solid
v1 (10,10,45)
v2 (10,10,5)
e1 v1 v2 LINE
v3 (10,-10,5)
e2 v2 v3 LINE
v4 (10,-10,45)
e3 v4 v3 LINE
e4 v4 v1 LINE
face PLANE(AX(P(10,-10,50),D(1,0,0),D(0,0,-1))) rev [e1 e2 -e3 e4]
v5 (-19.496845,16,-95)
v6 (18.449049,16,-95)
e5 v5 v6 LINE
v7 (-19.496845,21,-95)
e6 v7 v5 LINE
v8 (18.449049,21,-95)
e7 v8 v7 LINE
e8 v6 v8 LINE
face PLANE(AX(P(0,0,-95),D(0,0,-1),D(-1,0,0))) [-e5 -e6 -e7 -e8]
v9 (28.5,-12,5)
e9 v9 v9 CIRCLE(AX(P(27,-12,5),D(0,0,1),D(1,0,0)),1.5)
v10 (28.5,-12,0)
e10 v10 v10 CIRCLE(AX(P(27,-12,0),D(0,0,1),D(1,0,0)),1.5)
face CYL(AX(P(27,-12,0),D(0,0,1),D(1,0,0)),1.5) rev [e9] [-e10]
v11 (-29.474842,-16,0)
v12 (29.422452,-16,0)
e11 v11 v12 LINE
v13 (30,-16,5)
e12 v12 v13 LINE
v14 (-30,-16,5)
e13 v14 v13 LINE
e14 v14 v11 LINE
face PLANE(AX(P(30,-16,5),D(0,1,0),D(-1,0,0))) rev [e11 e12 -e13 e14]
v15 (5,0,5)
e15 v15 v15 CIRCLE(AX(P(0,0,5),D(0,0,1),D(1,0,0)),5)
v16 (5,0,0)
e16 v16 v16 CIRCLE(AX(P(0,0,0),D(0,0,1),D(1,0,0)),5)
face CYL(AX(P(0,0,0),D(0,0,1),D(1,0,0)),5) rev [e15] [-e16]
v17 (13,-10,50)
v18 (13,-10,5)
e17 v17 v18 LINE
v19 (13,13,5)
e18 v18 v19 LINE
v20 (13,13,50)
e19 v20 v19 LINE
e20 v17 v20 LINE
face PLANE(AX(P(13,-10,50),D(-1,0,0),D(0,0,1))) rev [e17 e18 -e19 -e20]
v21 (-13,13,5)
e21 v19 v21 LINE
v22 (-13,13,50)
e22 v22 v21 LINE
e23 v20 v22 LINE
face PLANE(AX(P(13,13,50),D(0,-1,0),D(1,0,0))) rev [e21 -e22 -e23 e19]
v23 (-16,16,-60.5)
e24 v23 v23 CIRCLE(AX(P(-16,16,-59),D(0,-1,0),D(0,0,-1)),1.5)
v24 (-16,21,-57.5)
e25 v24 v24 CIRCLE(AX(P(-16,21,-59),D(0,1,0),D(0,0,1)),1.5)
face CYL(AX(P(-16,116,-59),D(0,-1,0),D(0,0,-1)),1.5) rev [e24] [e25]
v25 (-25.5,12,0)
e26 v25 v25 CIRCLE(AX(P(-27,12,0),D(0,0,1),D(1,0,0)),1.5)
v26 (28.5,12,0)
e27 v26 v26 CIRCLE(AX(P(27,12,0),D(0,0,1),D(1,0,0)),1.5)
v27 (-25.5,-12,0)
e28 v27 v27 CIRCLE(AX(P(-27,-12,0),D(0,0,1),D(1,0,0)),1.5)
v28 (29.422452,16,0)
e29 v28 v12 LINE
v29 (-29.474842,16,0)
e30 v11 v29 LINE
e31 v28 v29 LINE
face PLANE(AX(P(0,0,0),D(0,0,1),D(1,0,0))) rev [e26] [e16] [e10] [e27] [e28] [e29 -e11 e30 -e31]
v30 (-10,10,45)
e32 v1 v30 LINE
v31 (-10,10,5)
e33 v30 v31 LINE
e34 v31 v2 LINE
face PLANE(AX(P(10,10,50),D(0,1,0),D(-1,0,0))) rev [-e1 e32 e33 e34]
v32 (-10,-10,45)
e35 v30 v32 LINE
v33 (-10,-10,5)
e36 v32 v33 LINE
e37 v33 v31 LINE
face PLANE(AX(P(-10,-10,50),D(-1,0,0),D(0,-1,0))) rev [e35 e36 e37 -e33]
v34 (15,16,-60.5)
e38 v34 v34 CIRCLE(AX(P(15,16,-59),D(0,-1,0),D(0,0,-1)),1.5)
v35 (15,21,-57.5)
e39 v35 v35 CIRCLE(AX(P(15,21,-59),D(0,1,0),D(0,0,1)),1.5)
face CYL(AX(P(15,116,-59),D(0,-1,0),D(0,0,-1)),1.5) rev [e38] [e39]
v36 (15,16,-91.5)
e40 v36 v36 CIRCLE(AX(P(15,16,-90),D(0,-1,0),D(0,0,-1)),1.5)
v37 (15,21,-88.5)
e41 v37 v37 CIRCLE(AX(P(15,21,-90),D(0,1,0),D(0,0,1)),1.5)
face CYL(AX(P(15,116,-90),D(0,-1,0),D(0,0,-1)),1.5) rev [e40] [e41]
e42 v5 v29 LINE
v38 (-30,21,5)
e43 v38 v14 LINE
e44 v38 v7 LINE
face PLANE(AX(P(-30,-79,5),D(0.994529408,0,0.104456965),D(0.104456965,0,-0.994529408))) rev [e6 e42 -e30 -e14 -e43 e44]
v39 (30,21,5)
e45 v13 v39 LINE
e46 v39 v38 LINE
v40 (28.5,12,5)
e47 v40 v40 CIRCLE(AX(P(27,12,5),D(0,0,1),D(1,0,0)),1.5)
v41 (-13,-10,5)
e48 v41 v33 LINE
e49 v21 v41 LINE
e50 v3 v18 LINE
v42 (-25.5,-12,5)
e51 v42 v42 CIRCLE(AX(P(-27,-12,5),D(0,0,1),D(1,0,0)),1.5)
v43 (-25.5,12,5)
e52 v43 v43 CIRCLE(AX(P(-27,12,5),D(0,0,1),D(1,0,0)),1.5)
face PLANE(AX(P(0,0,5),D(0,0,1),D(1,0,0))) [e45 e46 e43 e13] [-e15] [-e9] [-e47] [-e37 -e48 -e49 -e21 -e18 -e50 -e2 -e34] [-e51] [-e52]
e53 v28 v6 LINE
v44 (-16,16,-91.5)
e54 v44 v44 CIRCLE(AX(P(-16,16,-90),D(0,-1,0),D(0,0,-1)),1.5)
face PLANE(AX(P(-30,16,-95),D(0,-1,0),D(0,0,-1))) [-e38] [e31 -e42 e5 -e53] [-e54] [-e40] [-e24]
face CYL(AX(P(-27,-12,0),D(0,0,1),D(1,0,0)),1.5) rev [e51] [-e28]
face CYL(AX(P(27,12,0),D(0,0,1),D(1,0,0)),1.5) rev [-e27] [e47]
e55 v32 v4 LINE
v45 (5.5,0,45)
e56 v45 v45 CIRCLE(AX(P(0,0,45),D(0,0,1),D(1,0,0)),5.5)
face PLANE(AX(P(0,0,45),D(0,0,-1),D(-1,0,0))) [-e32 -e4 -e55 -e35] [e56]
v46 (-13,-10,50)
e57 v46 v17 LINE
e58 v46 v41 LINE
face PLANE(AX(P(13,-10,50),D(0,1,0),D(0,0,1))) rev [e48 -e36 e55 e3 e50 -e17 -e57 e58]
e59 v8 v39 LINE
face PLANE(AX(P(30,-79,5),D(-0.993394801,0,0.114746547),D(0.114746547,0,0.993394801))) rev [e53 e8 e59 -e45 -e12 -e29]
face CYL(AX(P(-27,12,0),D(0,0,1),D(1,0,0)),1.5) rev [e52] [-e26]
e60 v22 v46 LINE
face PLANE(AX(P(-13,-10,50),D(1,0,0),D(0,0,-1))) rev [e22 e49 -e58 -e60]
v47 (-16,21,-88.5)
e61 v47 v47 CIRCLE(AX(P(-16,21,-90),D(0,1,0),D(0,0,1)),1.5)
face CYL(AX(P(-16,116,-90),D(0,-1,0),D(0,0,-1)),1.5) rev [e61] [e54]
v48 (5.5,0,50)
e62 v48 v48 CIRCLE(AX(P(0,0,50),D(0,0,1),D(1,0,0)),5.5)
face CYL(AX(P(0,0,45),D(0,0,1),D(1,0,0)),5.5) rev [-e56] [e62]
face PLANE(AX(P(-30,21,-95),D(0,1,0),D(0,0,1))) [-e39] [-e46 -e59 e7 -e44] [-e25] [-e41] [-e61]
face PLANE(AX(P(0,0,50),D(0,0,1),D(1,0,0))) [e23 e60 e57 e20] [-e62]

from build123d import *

# Parameters (mm, degrees)
SKETCH1_W           = 60
SKETCH1_H           = 32
BOSS_EXTRUDE1_DEPTH = 5
SKETCH2_R           = 1.5
CUT_EXTRUDE1_DEPTH  = 5
SKETCH4_R           = 5
CUT_EXTRUDE2_DEPTH  = 5
SKETCH5_W           = 60
SKETCH5_H           = 5
BOSS_EXTRUDE2_DEPTH = 100
SKETCH6_R           = 1.5
CUT_EXTRUDE3_DEPTH  = 100
CUT_EXTRUDE4_DEPTH  = 100
BOSS_EXTRUDE3_DEPTH = 45
SKETCH9_W           = 26
SKETCH9_H           = 23
BOSS_EXTRUDE4_DEPTH = 5
SKETCH10_R          = 5.5
CUT_EXTRUDE5_DEPTH  = 5


with BuildPart() as part:
    # Sketch1 → Boss-Extrude1 (new body)
    with BuildSketch(Plane.XY):
        Rectangle(SKETCH1_W, SKETCH1_H)
    extrude(amount=BOSS_EXTRUDE1_DEPTH)

    # Sketch2 → Cut-Extrude1 (cut)
    with BuildSketch(Plane.XY.offset(5)):
        with Locations((27, 12)):
            Circle(SKETCH2_R)
        with Locations((27, -12)):
            Circle(SKETCH2_R)
        with Locations((-27, -12)):
            Circle(SKETCH2_R)
        with Locations((-27, 12)):
            Circle(SKETCH2_R)
    extrude(amount=-CUT_EXTRUDE1_DEPTH, mode=Mode.SUBTRACT)

    # Sketch4 → Cut-Extrude2 (cut)
    with BuildSketch(Plane.XY.offset(5)):
        Circle(SKETCH4_R)
    extrude(amount=-CUT_EXTRUDE2_DEPTH, mode=Mode.SUBTRACT)

    # Sketch5 → Boss-Extrude2 (add)
    with BuildSketch(Plane.XY.offset(5)):
        with Locations((0, 18.5)):
            Rectangle(SKETCH5_W, SKETCH5_H)
    extrude(amount=-BOSS_EXTRUDE2_DEPTH)

    # Sketch6 → Cut-Extrude3 (cut)
    with BuildSketch(Plane.XZ.offset(-16)):
        with Locations(Location((15, -59, 0), (0, 0, 270))):
            Circle(SKETCH6_R)
        with Locations(Location((-16, -59, 0), (0, 0, 270))):
            Circle(SKETCH6_R)
        with Locations(Location((15, -90, 0), (0, 0, 270))):
            Circle(SKETCH6_R)
        with Locations(Location((-16, -90, 0), (0, 0, 270))):
            Circle(SKETCH6_R)
    extrude(amount=-CUT_EXTRUDE3_DEPTH, mode=Mode.SUBTRACT)

    # Sketch7 → Cut-Extrude4 (cut)
    with BuildSketch(Plane(origin=(0, 21, 0), x_dir=(1, 0, 0), z_dir=(0, 1, 0))):
        Polygon((30, -5), (18.449048919, 95), (30, 95), align=None)
        Polygon((-30, -5), (-19.496844987, 95), (-30, 95), align=None)
    extrude(amount=-CUT_EXTRUDE4_DEPTH, mode=Mode.SUBTRACT)

    # Sketch8 → Boss-Extrude3 (add)
    with BuildSketch(Plane.XY.offset(5)):
        Polygon((13, 13), (-13, 13), (-13, -10), (-10, -10), (-10, 10), (10, 10), (10, -10), (13, -10), align=None)
    extrude(amount=BOSS_EXTRUDE3_DEPTH)

    # Sketch9 → Boss-Extrude4 (add)
    with BuildSketch(Plane.XY.offset(50)):
        with Locations((0, 1.5)):
            Rectangle(SKETCH9_W, SKETCH9_H)
    extrude(amount=-BOSS_EXTRUDE4_DEPTH)

    # Sketch10 → Cut-Extrude5 (cut)
    with BuildSketch(Plane.XY.offset(50)):
        Circle(SKETCH10_R)
    extrude(amount=-CUT_EXTRUDE5_DEPTH, mode=Mode.SUBTRACT)


solid = part.part
